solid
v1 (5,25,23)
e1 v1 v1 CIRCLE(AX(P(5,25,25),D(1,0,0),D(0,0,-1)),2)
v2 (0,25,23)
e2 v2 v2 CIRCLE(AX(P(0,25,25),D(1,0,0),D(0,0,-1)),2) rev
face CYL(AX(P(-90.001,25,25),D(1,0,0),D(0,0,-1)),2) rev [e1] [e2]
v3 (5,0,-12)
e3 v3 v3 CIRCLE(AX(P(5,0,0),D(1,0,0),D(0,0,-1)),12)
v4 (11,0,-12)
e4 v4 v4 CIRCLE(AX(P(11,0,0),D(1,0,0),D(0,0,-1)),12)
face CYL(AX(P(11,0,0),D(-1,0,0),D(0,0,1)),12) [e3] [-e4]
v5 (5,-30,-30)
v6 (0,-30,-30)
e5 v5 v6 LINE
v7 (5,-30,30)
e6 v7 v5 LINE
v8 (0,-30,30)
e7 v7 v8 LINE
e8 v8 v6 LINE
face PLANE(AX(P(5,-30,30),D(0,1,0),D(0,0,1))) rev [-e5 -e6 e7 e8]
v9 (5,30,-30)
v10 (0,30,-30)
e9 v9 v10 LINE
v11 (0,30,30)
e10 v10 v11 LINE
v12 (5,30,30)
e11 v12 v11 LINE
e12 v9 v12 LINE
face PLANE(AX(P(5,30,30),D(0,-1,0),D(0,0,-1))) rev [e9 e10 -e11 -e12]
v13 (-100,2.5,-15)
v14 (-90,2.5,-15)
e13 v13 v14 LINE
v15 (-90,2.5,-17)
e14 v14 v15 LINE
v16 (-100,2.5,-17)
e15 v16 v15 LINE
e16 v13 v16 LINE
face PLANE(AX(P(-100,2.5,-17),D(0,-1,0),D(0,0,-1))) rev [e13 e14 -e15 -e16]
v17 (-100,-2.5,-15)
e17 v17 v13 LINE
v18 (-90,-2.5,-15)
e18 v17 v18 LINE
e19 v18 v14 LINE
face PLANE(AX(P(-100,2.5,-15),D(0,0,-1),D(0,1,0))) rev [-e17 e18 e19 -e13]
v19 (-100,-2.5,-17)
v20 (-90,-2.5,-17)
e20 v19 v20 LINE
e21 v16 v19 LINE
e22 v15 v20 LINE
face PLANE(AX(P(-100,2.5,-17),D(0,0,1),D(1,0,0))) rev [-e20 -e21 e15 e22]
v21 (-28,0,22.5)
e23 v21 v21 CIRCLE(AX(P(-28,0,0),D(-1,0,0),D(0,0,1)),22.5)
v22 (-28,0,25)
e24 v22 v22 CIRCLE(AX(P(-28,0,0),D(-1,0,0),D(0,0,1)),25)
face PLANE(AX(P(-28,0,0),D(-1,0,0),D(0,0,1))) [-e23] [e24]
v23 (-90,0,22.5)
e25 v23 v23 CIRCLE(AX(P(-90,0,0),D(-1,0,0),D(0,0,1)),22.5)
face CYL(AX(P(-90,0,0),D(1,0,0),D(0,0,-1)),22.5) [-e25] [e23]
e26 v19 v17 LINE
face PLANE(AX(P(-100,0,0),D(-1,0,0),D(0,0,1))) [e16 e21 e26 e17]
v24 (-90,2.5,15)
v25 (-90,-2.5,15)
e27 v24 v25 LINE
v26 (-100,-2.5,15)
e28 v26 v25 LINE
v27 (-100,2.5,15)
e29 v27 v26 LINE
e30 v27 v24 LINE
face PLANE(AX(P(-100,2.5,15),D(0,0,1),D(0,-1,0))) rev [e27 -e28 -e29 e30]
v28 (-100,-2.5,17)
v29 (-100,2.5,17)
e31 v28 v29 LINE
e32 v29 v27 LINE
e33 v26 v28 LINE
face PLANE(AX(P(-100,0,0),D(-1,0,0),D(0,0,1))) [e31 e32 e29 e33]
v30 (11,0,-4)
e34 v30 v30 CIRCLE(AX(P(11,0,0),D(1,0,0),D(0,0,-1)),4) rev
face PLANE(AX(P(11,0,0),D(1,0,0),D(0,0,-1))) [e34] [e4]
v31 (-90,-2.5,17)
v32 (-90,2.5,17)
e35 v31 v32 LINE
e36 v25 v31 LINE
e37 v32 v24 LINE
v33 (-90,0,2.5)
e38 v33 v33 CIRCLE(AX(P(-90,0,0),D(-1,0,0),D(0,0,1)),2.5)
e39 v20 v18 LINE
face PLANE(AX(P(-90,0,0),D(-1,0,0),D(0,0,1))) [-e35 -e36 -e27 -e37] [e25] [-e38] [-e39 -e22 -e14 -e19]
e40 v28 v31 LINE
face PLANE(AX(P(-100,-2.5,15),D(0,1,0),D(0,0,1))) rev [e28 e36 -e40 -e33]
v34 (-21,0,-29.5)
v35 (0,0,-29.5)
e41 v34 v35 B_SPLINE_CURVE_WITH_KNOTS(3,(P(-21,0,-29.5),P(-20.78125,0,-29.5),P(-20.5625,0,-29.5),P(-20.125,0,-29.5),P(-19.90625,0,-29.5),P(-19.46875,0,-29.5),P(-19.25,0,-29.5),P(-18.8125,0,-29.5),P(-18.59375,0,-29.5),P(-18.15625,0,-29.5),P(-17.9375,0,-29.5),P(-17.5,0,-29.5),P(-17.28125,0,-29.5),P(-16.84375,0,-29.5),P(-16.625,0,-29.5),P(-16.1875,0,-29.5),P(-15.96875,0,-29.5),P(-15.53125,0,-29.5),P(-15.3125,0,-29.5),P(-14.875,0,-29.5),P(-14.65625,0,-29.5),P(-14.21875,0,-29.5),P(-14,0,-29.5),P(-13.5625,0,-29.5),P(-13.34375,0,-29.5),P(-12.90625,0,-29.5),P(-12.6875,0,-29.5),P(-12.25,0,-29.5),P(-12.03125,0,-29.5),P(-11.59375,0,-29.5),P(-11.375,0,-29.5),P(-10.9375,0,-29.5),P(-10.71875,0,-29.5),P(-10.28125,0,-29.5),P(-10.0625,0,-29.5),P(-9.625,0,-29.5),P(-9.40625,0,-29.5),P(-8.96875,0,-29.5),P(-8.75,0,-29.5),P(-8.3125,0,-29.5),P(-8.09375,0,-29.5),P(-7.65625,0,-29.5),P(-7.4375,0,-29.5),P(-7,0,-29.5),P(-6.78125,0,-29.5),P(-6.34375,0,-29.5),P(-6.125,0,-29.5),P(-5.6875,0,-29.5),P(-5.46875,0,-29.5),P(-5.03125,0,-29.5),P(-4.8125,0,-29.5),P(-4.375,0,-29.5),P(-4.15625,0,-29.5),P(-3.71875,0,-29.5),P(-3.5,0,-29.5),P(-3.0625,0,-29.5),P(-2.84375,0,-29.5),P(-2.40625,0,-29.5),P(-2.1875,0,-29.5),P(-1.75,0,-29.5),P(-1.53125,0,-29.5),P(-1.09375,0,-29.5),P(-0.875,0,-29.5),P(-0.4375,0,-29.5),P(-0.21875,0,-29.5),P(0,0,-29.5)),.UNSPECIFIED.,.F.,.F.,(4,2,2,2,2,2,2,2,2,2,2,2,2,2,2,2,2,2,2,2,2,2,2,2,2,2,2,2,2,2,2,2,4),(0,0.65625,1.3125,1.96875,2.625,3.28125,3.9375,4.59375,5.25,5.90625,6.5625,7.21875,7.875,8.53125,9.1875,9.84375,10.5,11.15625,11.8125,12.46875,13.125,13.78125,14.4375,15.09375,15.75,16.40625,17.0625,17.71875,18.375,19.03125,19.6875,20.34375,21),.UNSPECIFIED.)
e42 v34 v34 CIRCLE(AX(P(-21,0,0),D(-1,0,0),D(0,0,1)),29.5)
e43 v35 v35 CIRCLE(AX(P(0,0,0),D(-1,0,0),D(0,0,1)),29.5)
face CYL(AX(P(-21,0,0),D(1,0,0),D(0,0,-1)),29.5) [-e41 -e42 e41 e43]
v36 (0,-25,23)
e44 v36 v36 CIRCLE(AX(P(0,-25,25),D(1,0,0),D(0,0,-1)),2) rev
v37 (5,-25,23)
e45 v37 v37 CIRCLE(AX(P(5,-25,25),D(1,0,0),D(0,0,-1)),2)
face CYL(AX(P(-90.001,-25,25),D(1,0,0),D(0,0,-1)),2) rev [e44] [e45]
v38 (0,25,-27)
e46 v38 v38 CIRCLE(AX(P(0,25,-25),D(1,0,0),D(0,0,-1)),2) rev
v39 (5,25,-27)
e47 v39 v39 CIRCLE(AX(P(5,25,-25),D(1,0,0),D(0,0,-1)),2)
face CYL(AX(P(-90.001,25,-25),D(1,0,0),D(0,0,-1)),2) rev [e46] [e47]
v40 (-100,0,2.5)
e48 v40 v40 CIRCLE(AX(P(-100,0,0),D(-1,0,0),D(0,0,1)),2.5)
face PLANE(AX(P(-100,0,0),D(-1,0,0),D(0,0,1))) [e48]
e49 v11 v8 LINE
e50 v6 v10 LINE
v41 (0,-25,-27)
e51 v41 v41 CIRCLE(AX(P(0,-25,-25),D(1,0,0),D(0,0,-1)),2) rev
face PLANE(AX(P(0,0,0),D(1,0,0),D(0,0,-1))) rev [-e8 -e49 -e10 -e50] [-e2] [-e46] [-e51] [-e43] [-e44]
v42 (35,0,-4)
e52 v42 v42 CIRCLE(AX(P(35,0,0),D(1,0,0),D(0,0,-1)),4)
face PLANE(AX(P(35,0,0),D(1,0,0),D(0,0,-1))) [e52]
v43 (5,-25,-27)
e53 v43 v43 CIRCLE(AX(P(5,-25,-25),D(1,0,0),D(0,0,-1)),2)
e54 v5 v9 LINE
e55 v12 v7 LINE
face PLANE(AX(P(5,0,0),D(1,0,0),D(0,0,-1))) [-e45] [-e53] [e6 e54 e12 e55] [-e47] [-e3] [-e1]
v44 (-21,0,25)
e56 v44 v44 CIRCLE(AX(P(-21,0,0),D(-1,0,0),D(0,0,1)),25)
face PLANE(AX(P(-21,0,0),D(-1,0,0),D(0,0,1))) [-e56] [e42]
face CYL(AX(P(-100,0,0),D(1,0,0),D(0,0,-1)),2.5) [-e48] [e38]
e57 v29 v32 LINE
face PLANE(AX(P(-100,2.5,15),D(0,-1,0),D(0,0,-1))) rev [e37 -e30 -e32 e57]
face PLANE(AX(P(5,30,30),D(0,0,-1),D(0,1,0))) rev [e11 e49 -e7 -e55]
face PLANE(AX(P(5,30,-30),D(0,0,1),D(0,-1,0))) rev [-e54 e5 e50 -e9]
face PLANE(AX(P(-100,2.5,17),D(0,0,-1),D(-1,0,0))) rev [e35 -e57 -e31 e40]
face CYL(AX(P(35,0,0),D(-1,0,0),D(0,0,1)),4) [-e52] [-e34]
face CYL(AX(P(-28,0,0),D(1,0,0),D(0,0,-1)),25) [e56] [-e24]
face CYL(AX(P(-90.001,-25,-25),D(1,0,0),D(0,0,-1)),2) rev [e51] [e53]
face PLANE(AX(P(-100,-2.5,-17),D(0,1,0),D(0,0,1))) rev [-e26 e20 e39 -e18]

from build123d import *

# Parameters (mm, degrees)
SKETCH1_W           = 60
SKETCH1_H           = 60
BOSS_EXTRUDE1_DEPTH = 5
SKETCH3_R           = 29.5
BOSS_EXTRUDE2_DEPTH = 21
SKETCH4_R           = 25
BOSS_EXTRUDE3_DEPTH = 7
SKETCH5_R           = 22.5
BOSS_EXTRUDE4_DEPTH = 62
CUT_EXTRUDE1_REACH  = 106.043
SKETCH6_R           = 2
SKETCH7_R           = 12
BOSS_EXTRUDE5_DEPTH = 6
BOSS_EXTRUDE6_START = -6
SKETCH8_R           = 4
BOSS_EXTRUDE6_DEPTH = 30
SKETCH9_R           = 2.5
SKETCH9_W           = 2
SKETCH9_H           = 5
BOSS_EXTRUDE7_DEPTH = 10


with BuildPart() as part:
    # Sketch1 → Boss-Extrude1 (new body)
    with BuildSketch(Plane(origin=(0, 0, 0), x_dir=(0, 0, -1), z_dir=(1, 0, 0))):
        Rectangle(SKETCH1_W, SKETCH1_H)
    extrude(amount=BOSS_EXTRUDE1_DEPTH)

    # Sketch3 → Boss-Extrude2 (add)
    with BuildSketch(Plane.ZY):
        with Locations(Location((0, 0, 0), (0, 0, 180))):
            Circle(SKETCH3_R)
    extrude(amount=BOSS_EXTRUDE2_DEPTH)

    # Sketch4 → Boss-Extrude3 (add)
    with BuildSketch(Plane.ZY.offset(21)):
        Circle(SKETCH4_R)
    extrude(amount=BOSS_EXTRUDE3_DEPTH)

    # Sketch5 → Boss-Extrude4 (add)
    with BuildSketch(Plane.ZY.offset(28)):
        Circle(SKETCH5_R)
    extrude(amount=BOSS_EXTRUDE4_DEPTH)

    # Sketch6 → Cut-Extrude1 (cut, up to next)
    with BuildSketch(Plane(origin=(5, 0, 0), x_dir=(0, 0, -1), z_dir=(1, 0, 0)), mode=Mode.PRIVATE) as cut_extrude1_sk1:
        with Locations((-25, 25)):
            Circle(SKETCH6_R)
    cut_extrude1_tool1 = extrude(cut_extrude1_sk1.sketch, amount=-CUT_EXTRUDE1_REACH, mode=Mode.PRIVATE) & part.part
    # Sketch6 → Cut-Extrude1 (cut, up to next)
    with BuildSketch(Plane(origin=(5, 0, 0), x_dir=(0, 0, -1), z_dir=(1, 0, 0)), mode=Mode.PRIVATE) as cut_extrude1_sk2:
        with Locations((25, 25)):
            Circle(SKETCH6_R)
    cut_extrude1_tool2 = extrude(cut_extrude1_sk2.sketch, amount=-CUT_EXTRUDE1_REACH, mode=Mode.PRIVATE) & part.part
    # Sketch6 → Cut-Extrude1 (cut, up to next)
    with BuildSketch(Plane(origin=(5, 0, 0), x_dir=(0, 0, -1), z_dir=(1, 0, 0)), mode=Mode.PRIVATE) as cut_extrude1_sk3:
        with Locations((25, -25)):
            Circle(SKETCH6_R)
    cut_extrude1_tool3 = extrude(cut_extrude1_sk3.sketch, amount=-CUT_EXTRUDE1_REACH, mode=Mode.PRIVATE) & part.part
    # Sketch6 → Cut-Extrude1 (cut, up to next)
    with BuildSketch(Plane(origin=(5, 0, 0), x_dir=(0, 0, -1), z_dir=(1, 0, 0)), mode=Mode.PRIVATE) as cut_extrude1_sk4:
        with Locations((-25, -25)):
            Circle(SKETCH6_R)
    cut_extrude1_tool4 = extrude(cut_extrude1_sk4.sketch, amount=-CUT_EXTRUDE1_REACH, mode=Mode.PRIVATE) & part.part
    add(cut_extrude1_tool1.solids().sort_by_distance((5, 25, 25))[0], mode=Mode.SUBTRACT)
    add(cut_extrude1_tool2.solids().sort_by_distance((5, 25, -25))[0], mode=Mode.SUBTRACT)
    add(cut_extrude1_tool3.solids().sort_by_distance((5, -25, -25))[0], mode=Mode.SUBTRACT)
    add(cut_extrude1_tool4.solids().sort_by_distance((5, -25, 25))[0], mode=Mode.SUBTRACT)

    # Sketch7 → Boss-Extrude5 (add)
    with BuildSketch(Plane(origin=(5, 0, 0), x_dir=(0, 0, -1), z_dir=(1, 0, 0))):
        Circle(SKETCH7_R)
    extrude(amount=BOSS_EXTRUDE5_DEPTH)

    # Sketch8 → Boss-Extrude6 (add)
    with BuildSketch(Plane(origin=(11, 0, 0), x_dir=(0, 0, -1), z_dir=(1, 0, 0)).offset(BOSS_EXTRUDE6_START)):
        Circle(SKETCH8_R)
    extrude(amount=BOSS_EXTRUDE6_DEPTH)

    # Sketch9 → Boss-Extrude7 (add)
    with BuildSketch(Plane.ZY.offset(90)):
        Circle(SKETCH9_R)
        with Locations((-16, 0)):
            Rectangle(SKETCH9_W, SKETCH9_H)
        with Locations((16, 0)):
            Rectangle(SKETCH9_W, SKETCH9_H)
    extrude(amount=BOSS_EXTRUDE7_DEPTH)


solid = part.part
